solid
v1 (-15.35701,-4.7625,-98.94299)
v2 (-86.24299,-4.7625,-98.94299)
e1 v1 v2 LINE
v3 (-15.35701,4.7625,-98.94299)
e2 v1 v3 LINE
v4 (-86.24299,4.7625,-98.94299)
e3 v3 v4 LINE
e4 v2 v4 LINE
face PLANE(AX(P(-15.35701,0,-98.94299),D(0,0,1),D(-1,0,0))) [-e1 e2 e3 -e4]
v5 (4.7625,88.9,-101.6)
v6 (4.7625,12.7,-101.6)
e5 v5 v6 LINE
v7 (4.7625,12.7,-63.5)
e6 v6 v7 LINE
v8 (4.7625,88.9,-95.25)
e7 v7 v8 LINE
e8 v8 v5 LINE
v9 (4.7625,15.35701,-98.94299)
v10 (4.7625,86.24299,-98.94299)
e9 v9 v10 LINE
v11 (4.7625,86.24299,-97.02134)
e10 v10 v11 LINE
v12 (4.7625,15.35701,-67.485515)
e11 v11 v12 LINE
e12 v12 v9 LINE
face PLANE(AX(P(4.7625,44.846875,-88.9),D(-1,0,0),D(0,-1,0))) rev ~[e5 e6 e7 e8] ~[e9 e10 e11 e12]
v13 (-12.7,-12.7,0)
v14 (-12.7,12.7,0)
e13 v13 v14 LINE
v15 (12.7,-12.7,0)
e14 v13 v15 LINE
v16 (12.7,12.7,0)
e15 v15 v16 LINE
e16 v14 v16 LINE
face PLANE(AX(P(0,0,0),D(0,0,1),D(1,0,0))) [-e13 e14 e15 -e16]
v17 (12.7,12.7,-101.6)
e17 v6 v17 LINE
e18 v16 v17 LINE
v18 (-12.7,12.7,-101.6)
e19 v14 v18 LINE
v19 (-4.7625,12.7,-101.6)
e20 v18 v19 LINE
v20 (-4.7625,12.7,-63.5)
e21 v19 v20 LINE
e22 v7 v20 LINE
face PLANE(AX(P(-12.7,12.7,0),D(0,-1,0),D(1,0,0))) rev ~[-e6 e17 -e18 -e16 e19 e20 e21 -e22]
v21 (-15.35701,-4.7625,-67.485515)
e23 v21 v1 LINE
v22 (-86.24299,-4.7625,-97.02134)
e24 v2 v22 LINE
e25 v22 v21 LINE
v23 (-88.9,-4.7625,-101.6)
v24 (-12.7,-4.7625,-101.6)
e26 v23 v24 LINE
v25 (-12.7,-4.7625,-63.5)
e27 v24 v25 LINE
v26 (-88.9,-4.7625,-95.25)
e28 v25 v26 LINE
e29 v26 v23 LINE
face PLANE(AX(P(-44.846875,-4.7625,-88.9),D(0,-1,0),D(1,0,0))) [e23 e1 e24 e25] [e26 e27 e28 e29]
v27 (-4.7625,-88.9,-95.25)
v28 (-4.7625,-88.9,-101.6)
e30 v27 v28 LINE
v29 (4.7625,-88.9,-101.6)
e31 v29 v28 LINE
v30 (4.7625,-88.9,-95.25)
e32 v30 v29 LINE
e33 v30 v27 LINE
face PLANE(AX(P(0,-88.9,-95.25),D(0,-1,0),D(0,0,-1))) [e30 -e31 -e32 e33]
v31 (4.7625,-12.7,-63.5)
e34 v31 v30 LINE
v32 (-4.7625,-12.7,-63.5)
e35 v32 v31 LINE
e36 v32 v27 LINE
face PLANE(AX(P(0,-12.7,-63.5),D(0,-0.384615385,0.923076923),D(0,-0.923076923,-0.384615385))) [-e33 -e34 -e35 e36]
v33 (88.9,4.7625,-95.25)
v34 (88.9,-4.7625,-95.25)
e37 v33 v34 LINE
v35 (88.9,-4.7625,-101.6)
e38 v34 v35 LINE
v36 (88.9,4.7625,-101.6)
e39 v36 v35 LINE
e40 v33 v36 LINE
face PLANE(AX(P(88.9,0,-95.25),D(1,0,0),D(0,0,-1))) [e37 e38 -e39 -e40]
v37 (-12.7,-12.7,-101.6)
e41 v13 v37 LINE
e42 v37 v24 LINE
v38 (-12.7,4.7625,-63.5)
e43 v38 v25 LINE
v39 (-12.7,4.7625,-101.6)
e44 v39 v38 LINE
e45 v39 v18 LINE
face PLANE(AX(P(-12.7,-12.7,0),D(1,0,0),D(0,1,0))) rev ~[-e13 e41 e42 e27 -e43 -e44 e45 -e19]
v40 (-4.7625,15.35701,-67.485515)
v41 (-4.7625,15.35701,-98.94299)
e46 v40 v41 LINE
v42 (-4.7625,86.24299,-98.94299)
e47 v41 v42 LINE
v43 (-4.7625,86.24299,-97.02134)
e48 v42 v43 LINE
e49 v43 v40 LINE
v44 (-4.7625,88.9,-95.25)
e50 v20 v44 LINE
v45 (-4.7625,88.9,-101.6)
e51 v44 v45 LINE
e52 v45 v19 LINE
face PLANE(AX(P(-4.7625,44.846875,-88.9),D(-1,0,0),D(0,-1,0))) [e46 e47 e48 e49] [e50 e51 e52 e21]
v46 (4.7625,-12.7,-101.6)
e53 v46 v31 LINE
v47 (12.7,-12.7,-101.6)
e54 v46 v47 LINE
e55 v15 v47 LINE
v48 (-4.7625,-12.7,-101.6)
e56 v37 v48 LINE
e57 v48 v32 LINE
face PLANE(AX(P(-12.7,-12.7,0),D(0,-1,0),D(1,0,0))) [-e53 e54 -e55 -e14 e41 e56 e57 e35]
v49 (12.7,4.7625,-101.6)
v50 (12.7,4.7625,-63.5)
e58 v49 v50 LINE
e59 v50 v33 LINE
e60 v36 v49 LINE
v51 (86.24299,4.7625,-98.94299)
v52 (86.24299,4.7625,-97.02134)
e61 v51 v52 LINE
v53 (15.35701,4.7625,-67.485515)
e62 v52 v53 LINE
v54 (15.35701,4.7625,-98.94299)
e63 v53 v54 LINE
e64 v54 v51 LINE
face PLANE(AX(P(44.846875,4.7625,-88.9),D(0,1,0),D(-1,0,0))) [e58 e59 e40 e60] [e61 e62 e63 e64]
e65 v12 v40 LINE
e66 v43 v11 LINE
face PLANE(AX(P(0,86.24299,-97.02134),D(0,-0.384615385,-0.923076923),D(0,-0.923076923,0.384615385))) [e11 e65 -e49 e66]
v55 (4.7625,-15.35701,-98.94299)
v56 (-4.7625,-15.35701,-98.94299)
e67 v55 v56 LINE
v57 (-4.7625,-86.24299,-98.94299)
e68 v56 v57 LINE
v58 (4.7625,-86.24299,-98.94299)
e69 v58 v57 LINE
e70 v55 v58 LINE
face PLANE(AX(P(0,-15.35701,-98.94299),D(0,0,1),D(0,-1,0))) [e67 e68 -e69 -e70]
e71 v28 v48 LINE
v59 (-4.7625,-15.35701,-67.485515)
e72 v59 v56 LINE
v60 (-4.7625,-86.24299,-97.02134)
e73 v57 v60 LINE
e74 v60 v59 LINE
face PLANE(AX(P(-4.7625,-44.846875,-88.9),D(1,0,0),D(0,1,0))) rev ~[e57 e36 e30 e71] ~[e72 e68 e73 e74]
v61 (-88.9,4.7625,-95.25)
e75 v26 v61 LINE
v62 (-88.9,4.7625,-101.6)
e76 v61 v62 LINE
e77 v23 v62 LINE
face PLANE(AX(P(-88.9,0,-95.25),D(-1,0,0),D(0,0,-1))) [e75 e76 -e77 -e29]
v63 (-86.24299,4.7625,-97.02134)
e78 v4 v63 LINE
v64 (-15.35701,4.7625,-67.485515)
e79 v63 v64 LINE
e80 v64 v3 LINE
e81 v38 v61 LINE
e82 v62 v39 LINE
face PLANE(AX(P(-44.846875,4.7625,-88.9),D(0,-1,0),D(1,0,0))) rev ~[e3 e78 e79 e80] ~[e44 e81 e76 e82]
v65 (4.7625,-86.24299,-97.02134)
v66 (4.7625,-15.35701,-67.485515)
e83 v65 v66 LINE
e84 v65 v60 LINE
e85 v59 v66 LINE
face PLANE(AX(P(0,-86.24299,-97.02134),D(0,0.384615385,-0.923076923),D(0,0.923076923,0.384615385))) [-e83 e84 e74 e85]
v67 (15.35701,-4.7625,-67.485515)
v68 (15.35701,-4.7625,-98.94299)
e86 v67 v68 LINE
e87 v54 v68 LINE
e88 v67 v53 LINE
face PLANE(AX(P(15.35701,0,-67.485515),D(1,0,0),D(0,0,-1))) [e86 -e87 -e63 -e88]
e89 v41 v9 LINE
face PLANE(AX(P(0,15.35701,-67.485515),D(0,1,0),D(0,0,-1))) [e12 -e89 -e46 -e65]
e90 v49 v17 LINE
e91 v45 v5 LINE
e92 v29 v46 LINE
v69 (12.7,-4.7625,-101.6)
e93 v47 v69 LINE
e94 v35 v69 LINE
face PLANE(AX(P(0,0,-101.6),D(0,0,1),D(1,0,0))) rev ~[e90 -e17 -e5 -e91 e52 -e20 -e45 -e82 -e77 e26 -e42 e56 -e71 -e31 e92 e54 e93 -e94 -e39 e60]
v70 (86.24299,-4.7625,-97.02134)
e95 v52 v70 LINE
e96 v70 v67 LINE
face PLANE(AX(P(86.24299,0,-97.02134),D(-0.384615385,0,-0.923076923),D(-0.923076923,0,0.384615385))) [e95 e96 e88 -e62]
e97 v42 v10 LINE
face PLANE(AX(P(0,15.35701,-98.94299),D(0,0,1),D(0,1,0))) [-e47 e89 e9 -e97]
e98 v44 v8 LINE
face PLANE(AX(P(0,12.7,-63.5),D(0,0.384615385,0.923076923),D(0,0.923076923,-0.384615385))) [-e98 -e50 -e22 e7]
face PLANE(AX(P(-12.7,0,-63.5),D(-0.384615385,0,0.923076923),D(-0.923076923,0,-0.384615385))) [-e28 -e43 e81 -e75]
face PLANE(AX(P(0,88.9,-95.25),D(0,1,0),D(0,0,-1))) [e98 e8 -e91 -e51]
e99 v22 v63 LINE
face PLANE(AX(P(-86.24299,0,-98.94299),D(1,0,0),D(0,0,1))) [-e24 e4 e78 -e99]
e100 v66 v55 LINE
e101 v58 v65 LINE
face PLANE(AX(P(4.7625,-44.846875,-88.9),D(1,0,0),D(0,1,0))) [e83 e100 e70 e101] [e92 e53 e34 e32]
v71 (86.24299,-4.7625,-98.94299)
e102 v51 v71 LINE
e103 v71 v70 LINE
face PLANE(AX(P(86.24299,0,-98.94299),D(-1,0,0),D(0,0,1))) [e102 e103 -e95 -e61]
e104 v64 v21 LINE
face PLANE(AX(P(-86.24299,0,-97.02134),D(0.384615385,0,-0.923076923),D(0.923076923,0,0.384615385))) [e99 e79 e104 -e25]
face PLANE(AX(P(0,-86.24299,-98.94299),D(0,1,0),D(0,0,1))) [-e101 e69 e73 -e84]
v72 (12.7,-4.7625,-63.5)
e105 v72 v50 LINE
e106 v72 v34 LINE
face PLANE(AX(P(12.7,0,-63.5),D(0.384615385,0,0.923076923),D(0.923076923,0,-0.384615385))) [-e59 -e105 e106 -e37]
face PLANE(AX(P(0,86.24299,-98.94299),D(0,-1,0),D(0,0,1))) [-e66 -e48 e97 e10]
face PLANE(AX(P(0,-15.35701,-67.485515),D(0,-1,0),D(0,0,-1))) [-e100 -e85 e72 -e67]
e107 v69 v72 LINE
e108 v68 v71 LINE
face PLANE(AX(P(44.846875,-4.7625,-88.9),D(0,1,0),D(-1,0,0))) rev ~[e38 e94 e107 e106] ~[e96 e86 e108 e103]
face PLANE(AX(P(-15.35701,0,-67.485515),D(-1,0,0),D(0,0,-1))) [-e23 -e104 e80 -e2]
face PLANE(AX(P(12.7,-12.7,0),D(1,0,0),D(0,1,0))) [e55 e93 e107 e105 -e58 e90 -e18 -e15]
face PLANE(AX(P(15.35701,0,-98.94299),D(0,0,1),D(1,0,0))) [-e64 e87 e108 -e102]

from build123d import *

# Parameters (mm, degrees)
F0_W     = 25.4
F0_H     = 25.4
F1_DEPTH = 101.6
F3_DEPTH = 4.7625
F5_COUNT = 4
F5_ANGLE = 270


with BuildPart() as f1:
    # F0 (on Top) → F1 (new body)
    with BuildSketch(Plane.XY):
        Rectangle(F0_W, F0_H)
    extrude(amount=-F1_DEPTH)

    # F2 (on Right) → F3 (join, symmetric)
    with BuildSketch(Plane.YZ):
        Polygon((-88.9, -101.6), (-12.7, -101.6), (-12.7, -63.5), (-88.9, -95.25), align=None)
        Polygon((-15.3570100665, -67.4855150998), (-15.3570100665, -98.9429899335), (-86.2429899335, -98.9429899335), (-86.2429899335, -97.0213400443), align=None, mode=Mode.SUBTRACT)
    extrude(amount=F3_DEPTH, both=True)

    # F5: F1 ×4 about axis
    f5_axis = Axis((0, 0, -52.7451187372), (0, 0, -1))


with BuildPart() as f1_1:
    add(f1.part)
    for i in range(1, F5_COUNT):
        add(f1.part.rotate(f5_axis, i * F5_ANGLE / (F5_COUNT - 1)))


solid = f1_1.part
